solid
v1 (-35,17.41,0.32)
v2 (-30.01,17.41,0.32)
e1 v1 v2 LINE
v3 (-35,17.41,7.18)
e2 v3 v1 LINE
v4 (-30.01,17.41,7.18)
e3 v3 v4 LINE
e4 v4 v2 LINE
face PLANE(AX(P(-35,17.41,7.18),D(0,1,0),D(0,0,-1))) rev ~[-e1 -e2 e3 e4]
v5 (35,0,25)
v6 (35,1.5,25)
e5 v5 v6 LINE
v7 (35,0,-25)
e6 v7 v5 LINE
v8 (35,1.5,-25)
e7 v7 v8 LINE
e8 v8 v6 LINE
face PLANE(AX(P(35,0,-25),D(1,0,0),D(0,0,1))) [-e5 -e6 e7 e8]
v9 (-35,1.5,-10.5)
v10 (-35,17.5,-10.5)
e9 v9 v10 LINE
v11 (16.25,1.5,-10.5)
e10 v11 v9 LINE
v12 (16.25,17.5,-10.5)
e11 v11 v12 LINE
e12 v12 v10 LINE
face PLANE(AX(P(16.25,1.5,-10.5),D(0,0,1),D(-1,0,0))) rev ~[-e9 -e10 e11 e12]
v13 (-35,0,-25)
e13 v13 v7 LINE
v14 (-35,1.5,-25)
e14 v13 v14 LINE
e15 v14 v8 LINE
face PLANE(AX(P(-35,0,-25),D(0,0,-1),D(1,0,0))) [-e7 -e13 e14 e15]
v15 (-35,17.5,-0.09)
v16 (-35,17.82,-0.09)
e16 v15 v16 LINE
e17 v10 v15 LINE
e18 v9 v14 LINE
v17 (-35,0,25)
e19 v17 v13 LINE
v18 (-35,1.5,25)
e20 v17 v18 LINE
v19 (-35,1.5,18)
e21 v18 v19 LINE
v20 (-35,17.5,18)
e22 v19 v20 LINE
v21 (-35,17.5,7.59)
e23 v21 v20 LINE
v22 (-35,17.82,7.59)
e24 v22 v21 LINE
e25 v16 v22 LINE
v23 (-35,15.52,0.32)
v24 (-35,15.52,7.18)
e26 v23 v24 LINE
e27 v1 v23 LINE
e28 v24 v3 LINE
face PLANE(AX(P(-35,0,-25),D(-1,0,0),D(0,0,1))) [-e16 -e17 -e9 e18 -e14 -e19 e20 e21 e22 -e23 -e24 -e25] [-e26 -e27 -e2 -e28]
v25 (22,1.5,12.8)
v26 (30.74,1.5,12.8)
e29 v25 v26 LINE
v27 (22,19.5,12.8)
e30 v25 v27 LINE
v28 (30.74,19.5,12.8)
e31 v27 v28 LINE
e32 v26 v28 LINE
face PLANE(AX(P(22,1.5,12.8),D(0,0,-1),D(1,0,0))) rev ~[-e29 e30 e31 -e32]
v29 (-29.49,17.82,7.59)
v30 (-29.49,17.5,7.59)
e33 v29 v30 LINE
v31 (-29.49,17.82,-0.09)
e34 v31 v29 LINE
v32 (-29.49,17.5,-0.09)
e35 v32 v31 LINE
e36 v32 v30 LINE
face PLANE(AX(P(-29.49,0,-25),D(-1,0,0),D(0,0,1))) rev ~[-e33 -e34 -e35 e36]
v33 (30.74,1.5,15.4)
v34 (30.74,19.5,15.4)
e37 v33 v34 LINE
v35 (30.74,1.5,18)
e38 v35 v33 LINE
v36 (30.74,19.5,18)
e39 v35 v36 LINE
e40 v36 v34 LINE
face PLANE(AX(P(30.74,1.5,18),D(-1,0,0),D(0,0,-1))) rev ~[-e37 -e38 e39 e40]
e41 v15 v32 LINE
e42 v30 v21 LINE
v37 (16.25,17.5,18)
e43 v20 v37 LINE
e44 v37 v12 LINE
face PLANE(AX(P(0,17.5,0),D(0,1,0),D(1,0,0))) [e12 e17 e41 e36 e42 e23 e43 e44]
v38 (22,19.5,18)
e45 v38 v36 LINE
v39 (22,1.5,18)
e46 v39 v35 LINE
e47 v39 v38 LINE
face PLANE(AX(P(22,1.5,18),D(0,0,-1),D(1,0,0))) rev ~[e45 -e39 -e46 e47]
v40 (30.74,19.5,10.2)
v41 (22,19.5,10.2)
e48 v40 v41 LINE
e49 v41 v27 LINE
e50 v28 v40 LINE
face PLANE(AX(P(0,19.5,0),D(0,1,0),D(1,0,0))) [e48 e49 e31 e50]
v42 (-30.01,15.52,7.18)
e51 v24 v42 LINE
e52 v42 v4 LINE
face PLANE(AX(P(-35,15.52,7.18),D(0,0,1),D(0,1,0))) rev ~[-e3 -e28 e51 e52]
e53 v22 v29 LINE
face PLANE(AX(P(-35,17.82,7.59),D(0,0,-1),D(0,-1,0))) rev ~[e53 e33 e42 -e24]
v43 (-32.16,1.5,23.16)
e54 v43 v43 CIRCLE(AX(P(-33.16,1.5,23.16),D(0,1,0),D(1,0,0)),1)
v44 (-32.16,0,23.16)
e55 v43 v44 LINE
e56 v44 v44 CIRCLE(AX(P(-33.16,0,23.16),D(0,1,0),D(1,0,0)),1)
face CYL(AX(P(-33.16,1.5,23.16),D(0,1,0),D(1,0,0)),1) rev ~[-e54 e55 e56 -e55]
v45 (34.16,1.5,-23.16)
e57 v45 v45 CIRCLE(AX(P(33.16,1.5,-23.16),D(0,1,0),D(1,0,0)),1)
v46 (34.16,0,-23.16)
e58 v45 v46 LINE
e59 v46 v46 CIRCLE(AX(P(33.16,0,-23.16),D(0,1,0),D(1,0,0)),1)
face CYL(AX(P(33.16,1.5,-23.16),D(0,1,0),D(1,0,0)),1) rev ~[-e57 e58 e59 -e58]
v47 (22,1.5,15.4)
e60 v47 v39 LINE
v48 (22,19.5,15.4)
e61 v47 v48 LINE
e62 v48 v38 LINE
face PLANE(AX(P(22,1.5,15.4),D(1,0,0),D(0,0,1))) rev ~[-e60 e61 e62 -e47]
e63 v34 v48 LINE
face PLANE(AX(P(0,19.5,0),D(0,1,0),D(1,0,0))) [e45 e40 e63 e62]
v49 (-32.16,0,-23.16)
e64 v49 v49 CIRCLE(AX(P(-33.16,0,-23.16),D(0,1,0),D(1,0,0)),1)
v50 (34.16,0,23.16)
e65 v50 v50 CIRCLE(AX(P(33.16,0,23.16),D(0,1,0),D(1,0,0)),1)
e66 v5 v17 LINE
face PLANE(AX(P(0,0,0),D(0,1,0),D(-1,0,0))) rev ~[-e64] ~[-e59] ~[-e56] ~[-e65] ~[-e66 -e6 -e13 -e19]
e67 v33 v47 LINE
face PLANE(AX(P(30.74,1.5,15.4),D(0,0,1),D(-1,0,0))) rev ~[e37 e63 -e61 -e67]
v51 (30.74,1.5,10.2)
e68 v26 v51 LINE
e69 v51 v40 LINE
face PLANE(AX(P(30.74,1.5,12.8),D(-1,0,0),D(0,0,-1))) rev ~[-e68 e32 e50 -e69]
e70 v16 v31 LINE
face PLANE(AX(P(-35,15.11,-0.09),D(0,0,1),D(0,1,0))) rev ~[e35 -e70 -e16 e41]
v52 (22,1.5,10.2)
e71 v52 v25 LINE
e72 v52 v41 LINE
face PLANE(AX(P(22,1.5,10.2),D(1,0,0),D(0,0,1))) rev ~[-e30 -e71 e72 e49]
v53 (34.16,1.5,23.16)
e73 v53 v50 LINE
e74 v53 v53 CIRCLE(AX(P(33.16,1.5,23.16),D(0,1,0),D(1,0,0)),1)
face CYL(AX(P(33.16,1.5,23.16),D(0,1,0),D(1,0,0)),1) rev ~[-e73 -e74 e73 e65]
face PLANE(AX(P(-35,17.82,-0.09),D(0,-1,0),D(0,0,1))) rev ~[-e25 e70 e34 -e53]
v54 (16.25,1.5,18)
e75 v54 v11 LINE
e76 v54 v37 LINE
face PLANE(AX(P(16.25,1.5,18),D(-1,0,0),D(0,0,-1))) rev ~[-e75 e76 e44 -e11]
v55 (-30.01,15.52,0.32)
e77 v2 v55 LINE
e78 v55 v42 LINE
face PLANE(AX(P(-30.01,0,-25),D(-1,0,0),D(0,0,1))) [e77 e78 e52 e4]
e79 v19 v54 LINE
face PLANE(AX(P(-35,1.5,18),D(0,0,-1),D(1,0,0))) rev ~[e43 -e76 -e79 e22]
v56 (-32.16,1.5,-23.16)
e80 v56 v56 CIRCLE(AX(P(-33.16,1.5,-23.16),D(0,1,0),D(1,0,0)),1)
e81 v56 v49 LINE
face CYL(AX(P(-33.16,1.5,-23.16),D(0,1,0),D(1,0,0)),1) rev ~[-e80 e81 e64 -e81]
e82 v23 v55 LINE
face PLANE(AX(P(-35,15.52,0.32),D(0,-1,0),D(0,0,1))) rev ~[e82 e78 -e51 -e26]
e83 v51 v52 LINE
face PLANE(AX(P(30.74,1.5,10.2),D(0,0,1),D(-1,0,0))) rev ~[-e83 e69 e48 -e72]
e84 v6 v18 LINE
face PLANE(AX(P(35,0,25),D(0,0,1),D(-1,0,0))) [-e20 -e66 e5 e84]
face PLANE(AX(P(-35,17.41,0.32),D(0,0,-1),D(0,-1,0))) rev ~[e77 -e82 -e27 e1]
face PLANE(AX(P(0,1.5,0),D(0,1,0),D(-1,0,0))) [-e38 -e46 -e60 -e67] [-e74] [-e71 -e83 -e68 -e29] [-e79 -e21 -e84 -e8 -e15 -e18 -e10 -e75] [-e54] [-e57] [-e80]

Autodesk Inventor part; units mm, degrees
ref_plane "YZ Plane" through (0, 0, 0) normal (1, 0, 0) x (0, 1, 0)
ref_plane "XZ Plane" through (0, 0, 0) normal (0, 1, 0) x (-1, 0, 0)
ref_plane "XY Plane" through (0, 0, 0) normal (0, 0, 1) x (1, 0, 0)
sketch "Sketch1" plane through (0, 0, 0) normal (0, 1, 0) x (-1, 0, 0)
  line L0 (-35, 25) -> (35, 25)
  line L1 (35, 25) -> (35, -25)
  line L2 (35, -25) -> (-35, -25)
  line L3 (-35, -25) -> (-35, 25)
  line L4 (-35, 25) -> (35, -25) construction
  line L5 (35, 25) -> (-35, -25) construction
  point P0 (0, 0)
  dimension "d0" = 70
  dimension "d1" = 50
extrude "Extrusion1" add sketch "Sketch1" along normal blind 1.5
sketch "Sketch4" plane through (0, 1.5, 0) normal (0, 1, 0) x (1, 0, 0)
  line L0 (16.25, 10.5) -> (-35, 10.5)
  line L1 (-35, 10.5) -> (-35, -18)
  line L2 (-35, -18) -> (16.25, -18)
  line L3 (16.25, -18) -> (16.25, 10.5)
  line L4 (16.25, 10.5) -> (-35, -18) construction
  line L5 (-35, 10.5) -> (16.25, -18) construction
  line L6 (-35, -25) -> (35, -25) projected
  line L7 (-35, 25) -> (-35, -25) projected
  dimension "d10" = 51.25
  dimension "d11" = 28.5
  dimension "d12" = 7
extrude "Extrusion3" add sketch "Sketch4" along normal blind 16
sketch "Sketch5" plane through (0, 1.5, 0) normal (0, 1, 0) x (1, 0, 0)
  line L0 (30.74, -15.4) -> (22, -15.4)
  line L1 (22, -15.4) -> (22, -18)
  line L2 (22, -18) -> (30.74, -18)
  line L3 (30.74, -18) -> (30.74, -15.4)
  line L4 (30.74, -15.4) -> (22, -18) construction
  line L5 (22, -15.4) -> (30.74, -18) construction
  line L6 (16.25, -18) -> (16.25, 10.5) projected
  line L7 (-35, -18) -> (16.25, -18) projected
  line L8 (30.74, -10.2) -> (22, -10.2)
  line L9 (22, -10.2) -> (22, -12.8)
  line L10 (22, -12.8) -> (30.74, -12.8)
  line L11 (30.74, -12.8) -> (30.74, -10.2)
  line L12 (30.74, -10.2) -> (22, -12.8) construction
  line L13 (22, -10.2) -> (30.74, -12.8) construction
  point P0 (0, 0)
  point P1 (26.37, -16.7)
  point P2 (22, -16.7)
  point P3 (26.37, -11.5)
  point P4 (22, -11.5)
  dimension "d15" = 5.75
  dimension "d16" = 8.74
  dimension "d17" = 2.6
  dimension "d18" = 8.74
  dimension "d19" = 2.6
  dimension "d20" = 2.6
extrude "Extrusion4" add sketch "Sketch5" along normal blind 18
sketch "Sketch6" plane through (-35, 0, -25) normal (-1, 0, 0) x (0, 0, 1)
  line L0 (24.91, 17.82) -> (32.59, 17.82)
  line L1 (32.59, 17.82) -> (32.59, 15.11)
  line L2 (32.59, 15.11) -> (24.91, 15.11)
  line L3 (24.91, 15.11) -> (24.91, 17.82)
  line L4 (24.91, 17.82) -> (32.59, 15.11) construction
  line L5 (32.59, 17.82) -> (24.91, 15.11) construction
  line L6 (43, 1.5) -> (50, 1.5) projected
  line L7 (43, 1.5) -> (43, 17.5) projected
  line L8 (14.5, 1.5) -> (14.5, 17.5) projected
  line L9 (32.18, 17.41) -> (25.32, 17.41)
  line L10 (25.32, 17.41) -> (25.32, 15.52)
  line L11 (25.32, 15.52) -> (32.18, 15.52)
  line L12 (32.18, 15.52) -> (32.18, 17.41)
  point P0 (25, 0)
  point P1 (28.75, 16.465)
  dimension "d23" = 16.32
  dimension "d24" = 2.71
  dimension "d25" = 7.68
  dimension "d26" = 14.25
  dimension "d27" = 14.25
  dimension "d28" = 0.41
extrude "Extrusion5" add sketch "Sketch6" against normal blind 5.51
sketch "Sketch7" plane through (-35, 0, -25) normal (-1, 0, 0) x (0, 0, 1)
  line L0 (32.18, 17.41) -> (25.32, 17.41) projected
  line L1 (25.32, 17.41) -> (25.32, 15.52) projected
  line L2 (25.32, 15.52) -> (32.18, 15.52) projected
  line L3 (32.18, 15.52) -> (32.18, 17.41) projected
  point P0 (25, 0)
extrude "Extrusion6" cut sketch "Sketch7" against normal blind 4.99
sketch "Sketch8" plane through (0, 1.5, 0) normal (0, 1, 0) x (1, 0, 0)
  circle A0 centre (33.16, -23.16) radius 1
  circle A1 centre (-33.16, -23.16) radius 1
  circle A2 centre (-33.16, 23.16) radius 1
  circle A3 centre (33.16, 23.16) radius 1
  line L0 (22, -10.2) -> (30.74, -10.2) projected
  line L1 (30.74, -10.2) -> (30.74, -12.8) projected
  line L2 (30.74, -12.8) -> (22, -12.8) projected
  line L3 (22, -12.8) -> (22, -10.2) projected
  line L4 (22, -15.4) -> (30.74, -15.4) projected
  line L5 (30.74, -15.4) -> (30.74, -18) projected
  line L6 (30.74, -18) -> (22, -18) projected
  line L7 (22, -18) -> (22, -15.4) projected
  line L8 (16.25, -18) -> (-35, -18) projected
  line L9 (-35, -18) -> (-35, -25) projected
  line L10 (-35, -25) -> (35, -25) projected
  line L11 (35, -25) -> (35, 25) projected
  line L12 (35, 25) -> (-35, 25) projected
  line L13 (-35, 25) -> (-35, 10.5) projected
  line L14 (-35, 10.5) -> (16.25, 10.5) projected
  line L15 (16.25, 10.5) -> (16.25, -18) projected
  point P0 (0, 0)
  dimension "d33" = 2
  dimension "d34" = 2
  dimension "d35" = 2
  dimension "d36" = 2
  dimension "d37" = 1.84
  dimension "d38" = 1.84
  dimension "d39" = 1.84
  dimension "d40" = 1.84
  dimension "d41" = 1.84
  dimension "d42" = 1.84
  dimension "d43" = 1.84
  dimension "d44" = 1.84
extrude "Extrusion7" cut sketch "Sketch8" against normal blind 10 contours A0 | A1 | A2 | A3
equation "\"d26\" = d27"
equation "\"d38\" = d37"
equation "\"d39\" = d37"
equation "\"d40\" = d37"
equation "\"d41\" = d37"
equation "\"d42\" = d37"
equation "\"d43\" = d37"
equation "\"d44\" = d37"
properties part number "PCBModel"
